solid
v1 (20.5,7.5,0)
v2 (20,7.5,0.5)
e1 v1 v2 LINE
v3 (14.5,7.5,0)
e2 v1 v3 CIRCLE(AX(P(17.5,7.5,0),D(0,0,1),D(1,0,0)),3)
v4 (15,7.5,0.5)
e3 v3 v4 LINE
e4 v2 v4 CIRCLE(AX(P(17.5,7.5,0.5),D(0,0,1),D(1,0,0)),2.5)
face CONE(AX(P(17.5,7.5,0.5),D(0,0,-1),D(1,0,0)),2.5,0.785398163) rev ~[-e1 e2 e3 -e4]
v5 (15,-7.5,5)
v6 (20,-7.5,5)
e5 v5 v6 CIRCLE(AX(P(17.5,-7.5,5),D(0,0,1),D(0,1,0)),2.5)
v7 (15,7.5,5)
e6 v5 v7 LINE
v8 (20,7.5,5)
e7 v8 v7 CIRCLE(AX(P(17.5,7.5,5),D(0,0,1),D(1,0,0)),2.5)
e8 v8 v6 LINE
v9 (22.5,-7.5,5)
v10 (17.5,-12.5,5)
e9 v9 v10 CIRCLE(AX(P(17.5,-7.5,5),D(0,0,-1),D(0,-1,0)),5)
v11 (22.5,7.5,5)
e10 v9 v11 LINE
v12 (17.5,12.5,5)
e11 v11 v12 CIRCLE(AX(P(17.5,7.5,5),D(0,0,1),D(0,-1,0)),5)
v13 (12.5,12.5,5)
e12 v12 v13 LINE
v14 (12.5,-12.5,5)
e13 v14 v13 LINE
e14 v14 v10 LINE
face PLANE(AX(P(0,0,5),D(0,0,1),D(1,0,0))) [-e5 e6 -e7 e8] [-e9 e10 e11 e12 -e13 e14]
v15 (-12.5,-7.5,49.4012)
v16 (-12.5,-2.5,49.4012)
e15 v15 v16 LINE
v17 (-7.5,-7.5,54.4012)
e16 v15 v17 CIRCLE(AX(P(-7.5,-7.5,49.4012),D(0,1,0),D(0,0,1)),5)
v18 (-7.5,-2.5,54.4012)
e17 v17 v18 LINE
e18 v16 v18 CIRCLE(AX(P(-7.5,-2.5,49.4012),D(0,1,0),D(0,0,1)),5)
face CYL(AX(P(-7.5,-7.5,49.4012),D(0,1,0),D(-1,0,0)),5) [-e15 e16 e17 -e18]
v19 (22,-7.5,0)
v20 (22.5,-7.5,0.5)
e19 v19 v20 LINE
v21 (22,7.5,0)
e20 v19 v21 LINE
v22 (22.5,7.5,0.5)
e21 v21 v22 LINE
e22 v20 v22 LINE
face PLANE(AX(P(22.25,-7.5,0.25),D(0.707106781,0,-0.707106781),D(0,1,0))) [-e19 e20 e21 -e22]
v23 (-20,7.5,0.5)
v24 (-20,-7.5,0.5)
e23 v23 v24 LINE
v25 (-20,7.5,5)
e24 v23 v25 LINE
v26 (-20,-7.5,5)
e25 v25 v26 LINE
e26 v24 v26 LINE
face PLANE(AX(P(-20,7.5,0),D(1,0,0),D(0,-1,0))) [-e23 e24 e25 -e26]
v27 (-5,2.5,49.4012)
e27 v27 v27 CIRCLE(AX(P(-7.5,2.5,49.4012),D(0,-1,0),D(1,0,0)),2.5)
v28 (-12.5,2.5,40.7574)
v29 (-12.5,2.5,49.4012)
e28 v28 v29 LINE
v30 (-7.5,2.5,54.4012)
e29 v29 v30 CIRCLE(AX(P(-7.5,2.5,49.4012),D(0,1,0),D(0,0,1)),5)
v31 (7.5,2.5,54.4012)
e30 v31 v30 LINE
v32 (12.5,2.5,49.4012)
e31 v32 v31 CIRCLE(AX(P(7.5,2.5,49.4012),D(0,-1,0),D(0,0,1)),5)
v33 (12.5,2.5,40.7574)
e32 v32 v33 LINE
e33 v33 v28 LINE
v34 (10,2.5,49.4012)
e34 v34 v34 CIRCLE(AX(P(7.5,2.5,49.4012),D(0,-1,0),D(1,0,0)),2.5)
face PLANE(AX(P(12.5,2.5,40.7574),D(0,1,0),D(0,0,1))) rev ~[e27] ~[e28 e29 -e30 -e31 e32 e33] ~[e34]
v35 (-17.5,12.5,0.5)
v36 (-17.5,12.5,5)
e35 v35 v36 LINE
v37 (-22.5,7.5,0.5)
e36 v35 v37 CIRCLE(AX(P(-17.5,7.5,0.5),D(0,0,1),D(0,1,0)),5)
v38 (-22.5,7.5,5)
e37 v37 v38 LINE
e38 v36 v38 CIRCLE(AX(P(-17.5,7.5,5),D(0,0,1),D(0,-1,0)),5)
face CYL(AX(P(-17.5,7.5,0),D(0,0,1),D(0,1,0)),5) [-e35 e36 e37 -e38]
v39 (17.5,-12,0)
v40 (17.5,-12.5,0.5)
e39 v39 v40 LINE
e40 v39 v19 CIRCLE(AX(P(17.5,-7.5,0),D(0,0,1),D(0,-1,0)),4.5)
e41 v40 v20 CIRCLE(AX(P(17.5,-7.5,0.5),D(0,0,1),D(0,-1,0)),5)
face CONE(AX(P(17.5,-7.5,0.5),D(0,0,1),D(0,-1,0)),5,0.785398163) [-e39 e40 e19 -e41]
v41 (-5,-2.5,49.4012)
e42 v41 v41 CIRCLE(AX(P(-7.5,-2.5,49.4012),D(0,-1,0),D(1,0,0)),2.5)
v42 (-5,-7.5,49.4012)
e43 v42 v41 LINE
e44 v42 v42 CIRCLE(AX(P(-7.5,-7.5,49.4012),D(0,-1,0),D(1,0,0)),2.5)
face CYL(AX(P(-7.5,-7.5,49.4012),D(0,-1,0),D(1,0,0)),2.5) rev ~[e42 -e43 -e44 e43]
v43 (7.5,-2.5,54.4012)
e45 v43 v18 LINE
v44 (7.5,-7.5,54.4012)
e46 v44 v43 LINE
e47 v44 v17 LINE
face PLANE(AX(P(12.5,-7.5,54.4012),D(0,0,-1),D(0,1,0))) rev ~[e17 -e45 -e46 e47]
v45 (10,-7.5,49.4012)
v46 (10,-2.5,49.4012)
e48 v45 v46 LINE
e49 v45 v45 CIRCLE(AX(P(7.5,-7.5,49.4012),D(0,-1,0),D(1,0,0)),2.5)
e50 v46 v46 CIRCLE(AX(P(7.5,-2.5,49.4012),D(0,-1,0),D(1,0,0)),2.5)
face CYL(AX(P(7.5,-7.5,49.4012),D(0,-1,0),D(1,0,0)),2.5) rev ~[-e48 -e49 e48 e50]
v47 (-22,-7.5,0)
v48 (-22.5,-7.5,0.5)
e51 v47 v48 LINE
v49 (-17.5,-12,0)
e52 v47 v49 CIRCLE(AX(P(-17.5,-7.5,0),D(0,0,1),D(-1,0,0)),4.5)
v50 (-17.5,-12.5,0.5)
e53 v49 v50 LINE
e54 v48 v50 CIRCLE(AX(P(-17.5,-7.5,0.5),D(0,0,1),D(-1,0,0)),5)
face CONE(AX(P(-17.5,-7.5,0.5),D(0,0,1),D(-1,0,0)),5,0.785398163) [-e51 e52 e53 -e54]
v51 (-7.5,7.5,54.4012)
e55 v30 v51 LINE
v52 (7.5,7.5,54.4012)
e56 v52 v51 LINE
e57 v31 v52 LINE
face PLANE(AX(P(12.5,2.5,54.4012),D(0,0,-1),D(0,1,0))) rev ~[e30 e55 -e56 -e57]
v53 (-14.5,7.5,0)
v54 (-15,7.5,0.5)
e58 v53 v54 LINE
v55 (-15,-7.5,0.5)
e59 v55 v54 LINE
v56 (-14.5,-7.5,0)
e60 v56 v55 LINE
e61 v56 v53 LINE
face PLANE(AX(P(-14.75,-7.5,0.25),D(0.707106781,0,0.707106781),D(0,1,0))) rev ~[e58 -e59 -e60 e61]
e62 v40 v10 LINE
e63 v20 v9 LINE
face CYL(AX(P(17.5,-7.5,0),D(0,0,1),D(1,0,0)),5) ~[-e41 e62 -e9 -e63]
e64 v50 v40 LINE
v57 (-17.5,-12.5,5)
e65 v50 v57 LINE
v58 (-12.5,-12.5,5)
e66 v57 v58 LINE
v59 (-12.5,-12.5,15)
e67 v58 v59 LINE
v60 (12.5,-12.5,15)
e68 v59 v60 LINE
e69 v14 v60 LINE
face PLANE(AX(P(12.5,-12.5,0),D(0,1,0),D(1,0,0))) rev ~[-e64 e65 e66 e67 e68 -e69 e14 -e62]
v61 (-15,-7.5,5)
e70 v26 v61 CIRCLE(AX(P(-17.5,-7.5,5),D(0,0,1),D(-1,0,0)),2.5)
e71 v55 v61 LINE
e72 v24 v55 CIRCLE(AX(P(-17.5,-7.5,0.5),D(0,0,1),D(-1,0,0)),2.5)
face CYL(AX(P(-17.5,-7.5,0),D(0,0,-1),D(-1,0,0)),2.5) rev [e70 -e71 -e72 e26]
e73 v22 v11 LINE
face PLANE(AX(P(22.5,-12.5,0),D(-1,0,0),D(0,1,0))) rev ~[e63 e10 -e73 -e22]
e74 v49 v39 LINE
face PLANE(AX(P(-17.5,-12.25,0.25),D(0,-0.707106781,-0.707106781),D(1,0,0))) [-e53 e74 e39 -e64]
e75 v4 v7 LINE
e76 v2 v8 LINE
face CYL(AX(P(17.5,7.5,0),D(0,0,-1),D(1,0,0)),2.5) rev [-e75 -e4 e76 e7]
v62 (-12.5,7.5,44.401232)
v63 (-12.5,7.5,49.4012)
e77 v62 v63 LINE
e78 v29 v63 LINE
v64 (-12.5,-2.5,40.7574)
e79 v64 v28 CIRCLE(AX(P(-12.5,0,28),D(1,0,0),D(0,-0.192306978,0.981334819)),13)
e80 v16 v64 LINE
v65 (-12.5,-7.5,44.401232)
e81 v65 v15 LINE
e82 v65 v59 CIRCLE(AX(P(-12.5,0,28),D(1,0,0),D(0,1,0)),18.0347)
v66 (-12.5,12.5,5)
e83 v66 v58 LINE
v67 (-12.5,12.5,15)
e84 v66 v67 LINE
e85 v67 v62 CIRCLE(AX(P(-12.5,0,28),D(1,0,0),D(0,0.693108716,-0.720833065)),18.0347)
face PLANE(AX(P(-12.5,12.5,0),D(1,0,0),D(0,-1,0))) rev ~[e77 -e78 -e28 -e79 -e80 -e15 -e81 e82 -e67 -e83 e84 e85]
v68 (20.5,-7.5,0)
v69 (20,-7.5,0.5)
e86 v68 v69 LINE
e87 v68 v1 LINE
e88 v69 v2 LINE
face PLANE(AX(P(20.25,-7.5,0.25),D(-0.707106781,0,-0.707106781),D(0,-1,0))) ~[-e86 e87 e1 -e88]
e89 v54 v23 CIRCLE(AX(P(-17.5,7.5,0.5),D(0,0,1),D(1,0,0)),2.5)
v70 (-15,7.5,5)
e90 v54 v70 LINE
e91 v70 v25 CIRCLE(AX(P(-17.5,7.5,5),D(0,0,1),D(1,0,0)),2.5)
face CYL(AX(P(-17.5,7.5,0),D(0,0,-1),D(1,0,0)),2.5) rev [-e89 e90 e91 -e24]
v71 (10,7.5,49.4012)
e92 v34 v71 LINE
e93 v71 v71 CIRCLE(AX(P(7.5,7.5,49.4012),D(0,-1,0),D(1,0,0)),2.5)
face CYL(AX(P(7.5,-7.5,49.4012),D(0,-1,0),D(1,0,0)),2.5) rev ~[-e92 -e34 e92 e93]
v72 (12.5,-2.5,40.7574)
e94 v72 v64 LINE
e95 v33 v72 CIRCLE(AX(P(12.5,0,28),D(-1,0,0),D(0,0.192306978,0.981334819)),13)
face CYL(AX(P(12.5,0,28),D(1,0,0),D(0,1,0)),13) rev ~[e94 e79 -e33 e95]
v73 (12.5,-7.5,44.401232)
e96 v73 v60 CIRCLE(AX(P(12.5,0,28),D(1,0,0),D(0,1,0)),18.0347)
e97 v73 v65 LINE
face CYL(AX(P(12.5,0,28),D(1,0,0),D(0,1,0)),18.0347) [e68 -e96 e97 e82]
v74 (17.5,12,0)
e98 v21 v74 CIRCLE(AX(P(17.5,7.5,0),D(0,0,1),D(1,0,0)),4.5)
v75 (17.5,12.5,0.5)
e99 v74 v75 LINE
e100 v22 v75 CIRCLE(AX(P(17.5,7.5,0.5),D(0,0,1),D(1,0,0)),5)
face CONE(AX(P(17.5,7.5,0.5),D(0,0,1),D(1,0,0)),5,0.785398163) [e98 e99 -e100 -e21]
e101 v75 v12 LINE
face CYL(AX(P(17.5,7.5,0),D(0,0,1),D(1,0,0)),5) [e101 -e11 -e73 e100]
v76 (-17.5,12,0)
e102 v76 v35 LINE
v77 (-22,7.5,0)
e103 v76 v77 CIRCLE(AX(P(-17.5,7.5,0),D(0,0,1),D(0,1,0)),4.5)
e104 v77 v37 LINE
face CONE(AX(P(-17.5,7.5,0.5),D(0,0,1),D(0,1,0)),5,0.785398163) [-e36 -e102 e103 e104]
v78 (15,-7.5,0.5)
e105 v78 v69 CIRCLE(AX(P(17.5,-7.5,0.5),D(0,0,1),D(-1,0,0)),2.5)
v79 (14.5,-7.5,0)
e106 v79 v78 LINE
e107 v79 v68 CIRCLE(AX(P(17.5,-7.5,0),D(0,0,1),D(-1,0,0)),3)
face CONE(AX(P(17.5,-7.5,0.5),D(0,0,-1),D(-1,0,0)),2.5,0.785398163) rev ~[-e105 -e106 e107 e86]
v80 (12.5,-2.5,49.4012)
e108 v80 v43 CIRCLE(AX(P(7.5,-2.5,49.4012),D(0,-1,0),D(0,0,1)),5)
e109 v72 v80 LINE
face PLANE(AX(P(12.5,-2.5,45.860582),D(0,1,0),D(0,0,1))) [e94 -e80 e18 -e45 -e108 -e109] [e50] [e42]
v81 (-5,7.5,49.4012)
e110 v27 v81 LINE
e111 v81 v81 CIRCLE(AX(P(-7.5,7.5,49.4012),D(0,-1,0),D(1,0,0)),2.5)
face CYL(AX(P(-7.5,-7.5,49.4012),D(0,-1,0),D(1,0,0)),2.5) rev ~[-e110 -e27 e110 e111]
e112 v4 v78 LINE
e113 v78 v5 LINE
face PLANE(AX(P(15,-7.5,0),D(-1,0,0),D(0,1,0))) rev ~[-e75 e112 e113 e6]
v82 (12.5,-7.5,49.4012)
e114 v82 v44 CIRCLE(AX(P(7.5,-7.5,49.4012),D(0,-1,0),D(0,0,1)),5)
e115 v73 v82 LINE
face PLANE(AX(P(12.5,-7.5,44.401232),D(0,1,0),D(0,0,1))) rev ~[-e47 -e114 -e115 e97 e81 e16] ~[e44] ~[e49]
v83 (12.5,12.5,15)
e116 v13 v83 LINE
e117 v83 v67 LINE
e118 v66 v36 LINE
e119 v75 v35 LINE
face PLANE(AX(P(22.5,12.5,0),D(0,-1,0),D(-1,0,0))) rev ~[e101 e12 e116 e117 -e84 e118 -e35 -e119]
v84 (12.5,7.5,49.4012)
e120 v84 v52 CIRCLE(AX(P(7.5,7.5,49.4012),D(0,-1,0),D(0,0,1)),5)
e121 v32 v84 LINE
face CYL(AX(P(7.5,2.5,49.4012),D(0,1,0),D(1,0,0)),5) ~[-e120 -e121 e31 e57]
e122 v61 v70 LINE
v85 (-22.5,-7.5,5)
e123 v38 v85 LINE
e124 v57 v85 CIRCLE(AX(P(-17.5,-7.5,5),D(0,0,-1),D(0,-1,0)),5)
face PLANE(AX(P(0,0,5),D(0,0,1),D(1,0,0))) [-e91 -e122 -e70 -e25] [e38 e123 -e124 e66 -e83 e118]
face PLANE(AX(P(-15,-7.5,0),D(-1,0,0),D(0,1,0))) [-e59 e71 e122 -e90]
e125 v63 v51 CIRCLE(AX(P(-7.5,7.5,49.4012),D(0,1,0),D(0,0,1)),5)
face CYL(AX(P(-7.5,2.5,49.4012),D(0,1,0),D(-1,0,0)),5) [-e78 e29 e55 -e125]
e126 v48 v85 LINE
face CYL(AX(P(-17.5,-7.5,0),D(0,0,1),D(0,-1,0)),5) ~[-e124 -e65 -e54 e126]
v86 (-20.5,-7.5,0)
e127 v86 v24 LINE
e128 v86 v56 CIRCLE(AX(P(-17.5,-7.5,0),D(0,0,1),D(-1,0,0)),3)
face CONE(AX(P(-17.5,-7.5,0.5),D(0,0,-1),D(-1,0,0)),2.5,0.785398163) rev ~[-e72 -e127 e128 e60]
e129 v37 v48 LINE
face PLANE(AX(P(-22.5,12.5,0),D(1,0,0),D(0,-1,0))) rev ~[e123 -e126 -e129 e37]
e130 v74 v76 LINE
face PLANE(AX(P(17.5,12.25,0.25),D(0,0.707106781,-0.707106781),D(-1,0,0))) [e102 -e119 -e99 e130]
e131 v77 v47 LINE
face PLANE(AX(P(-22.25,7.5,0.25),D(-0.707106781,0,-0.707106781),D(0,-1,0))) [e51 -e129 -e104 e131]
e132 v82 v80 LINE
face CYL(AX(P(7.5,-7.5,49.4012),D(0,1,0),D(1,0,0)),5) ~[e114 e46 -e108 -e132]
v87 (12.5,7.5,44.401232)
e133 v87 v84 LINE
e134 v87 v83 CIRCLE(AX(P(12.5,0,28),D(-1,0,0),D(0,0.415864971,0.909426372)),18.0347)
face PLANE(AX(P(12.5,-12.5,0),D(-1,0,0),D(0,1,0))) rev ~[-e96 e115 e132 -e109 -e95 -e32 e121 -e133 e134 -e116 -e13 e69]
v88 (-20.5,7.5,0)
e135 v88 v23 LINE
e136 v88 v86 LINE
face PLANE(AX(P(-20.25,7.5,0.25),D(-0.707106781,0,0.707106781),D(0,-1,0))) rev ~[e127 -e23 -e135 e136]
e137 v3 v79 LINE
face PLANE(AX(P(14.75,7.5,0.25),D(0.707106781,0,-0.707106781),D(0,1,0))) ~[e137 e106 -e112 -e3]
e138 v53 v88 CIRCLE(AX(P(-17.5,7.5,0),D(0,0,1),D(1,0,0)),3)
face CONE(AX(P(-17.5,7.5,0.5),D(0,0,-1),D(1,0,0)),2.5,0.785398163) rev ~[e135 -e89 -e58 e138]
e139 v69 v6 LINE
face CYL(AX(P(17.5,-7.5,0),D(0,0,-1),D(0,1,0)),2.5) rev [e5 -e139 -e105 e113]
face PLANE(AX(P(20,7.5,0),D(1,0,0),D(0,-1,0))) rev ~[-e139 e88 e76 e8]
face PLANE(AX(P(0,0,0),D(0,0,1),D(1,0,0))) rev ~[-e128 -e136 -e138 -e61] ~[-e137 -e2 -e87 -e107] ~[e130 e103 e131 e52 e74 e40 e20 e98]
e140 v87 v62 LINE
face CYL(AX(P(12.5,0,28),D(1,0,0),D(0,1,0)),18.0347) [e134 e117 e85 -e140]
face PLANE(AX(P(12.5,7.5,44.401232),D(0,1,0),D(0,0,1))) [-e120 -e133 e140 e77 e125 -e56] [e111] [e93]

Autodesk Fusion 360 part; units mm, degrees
sketch "Sketch1" plane through (0, 0, 0) normal (0, 0, 1) x (1, 0, 0)
  line L0 (22.5, 12.5) -> (-22.5, 12.5)
  line L1 (-22.5, 12.5) -> (-22.5, -12.5)
  line L2 (-22.5, -12.5) -> (22.5, -12.5)
  line L3 (22.5, -12.5) -> (22.5, 12.5)
  line L4 (22.5, 12.5) -> (-22.5, -12.5) construction
  line L5 (-22.5, 12.5) -> (22.5, -12.5) construction
  line L6 (-17.5, 12.5) -> (-17.5, -12.5) construction
  line L7 (0, -12.5) -> (0, 12.5) construction
  line L8 (-22.5, 0) -> (22.5, 0) construction
  line L9 (-20, 7.5) -> (-20, -7.5)
  line L10 (-15, -7.5) -> (-15, 7.5)
  arc A0 (-15, 7.5) -> (-20, 7.5) centre (-17.5, 7.5) ccw
  arc A1 (-20, -7.5) -> (-17.5, -5) centre (-17.5, -7.5) ccw
  line L11 (12.5, 12.5) -> (-12.5, 12.5)
  line L12 (-12.5, 12.5) -> (-12.5, -12.5)
  line L13 (-12.5, -12.5) -> (12.5, -12.5)
  line L14 (12.5, -12.5) -> (12.5, 12.5)
  line L15 (12.5, 12.5) -> (-12.5, -12.5) construction
  line L16 (-12.5, 12.5) -> (12.5, -12.5) construction
  arc A2 (20, 7.5) -> (15, 7.5) centre (17.5, 7.5) ccw
  line L17 (15, -7.5) -> (15, 7.5)
  line L18 (20, 7.5) -> (20, -7.5)
  arc A3 (17.5, -5) -> (20, -7.5) centre (17.5, -7.5) ccw
  dimension "d1" = 45
  dimension "d2" = 25
  dimension "d3" = 5
  dimension "d4" = 5
  dimension "d5" = 5
  dimension "d6" = 15
  dimension "d7" = 25
  dimension "d8" = 25
extrude "Extrude1" add sketch "Sketch1" along normal blind 5 contours L0 L2 L3 L14 | L0 L1 L2 L12 makes body 1 at (13.3333, -2.5, 0) makes body 2 at (-13.3333, -2.5, 0)
extrude "Extrude2" add sketch "Sketch1" along normal blind 15 contours L0 L2 L11 L12 L13 L14 bodies 1 2
sketch "Sketch2" plane through (12.5, 0, 0) normal (1, 0, 0) x (0, 1, 0)
  line L0 (-12.5, 5) -> (12.5, 5)
  line L1 (12.5, 5) -> (12.5, 15)
  line L2 (12.5, 15) -> (-12.5, 15)
  line L3 (-12.5, 15) -> (-12.5, 5)
  line L4 (-12.5, 15) -> (12.5, 15)
  circle A0 centre (0, 28) radius 13
  circle A1 centre (0, 28) radius 18.0347
  line L5 (0, 28) -> (0, 59) construction
  line L6 (-2.5, 40.7574) -> (-2.5, 54.4012)
  line L7 (2.5, 40.7574) -> (2.5, 54.4012)
  line L8 (-7.5, 38.6184) -> (-7.5, 54.4012)
  line L9 (7.5, 38.6184) -> (7.5, 54.4012)
  line L10 (-7.5, 54.4012) -> (-2.5, 54.4012)
  line L11 (2.5, 54.4012) -> (7.5, 54.4012)
  point P0 (0, 15)
  point P1 (7.5, 44.4012)
  dimension "d13" = 26
  dimension "d14" = 36.0694
  dimension "d15" = 5
  dimension "d17" = 5
  dimension "d18" = 5
  dimension "d20" = 10
extrude "Extrude3" add sketch "Sketch2" against normal blind 25 contours L2 L4 A0 A1 L8 | L2 L4 A0 A1 L9 | A1 L6 L8 L10 | A0 A1 L6 L8 | A0 A1 L7 L9 | A1 L7 L9 L11 bodies 1
sketch "Sketch3" plane through (0, -7.5, 0) normal (0, -1, 0) x (1, 0, 0)
  line L0 (12.5, 44.4012) -> (12.5, 54.4012)
  line L1 (12.5, 54.4012) -> (-12.5, 54.4012)
  line L2 (-12.5, 54.4012) -> (-12.5, 44.4012)
  line L3 (-12.5, 44.4012) -> (12.5, 44.4012)
  line L4 (0, 54.4012) -> (0, 44.4012) construction
  line L5 (-12.5, 49.4012) -> (12.5, 49.4012) construction
  circle A0 centre (-7.5, 49.4012) radius 2.5
  circle A1 centre (7.5, 49.4012) radius 2.5
  dimension "d23" = 5
  dimension "d24" = 5
  dimension "d25" = 15
extrude "Extrude4" cut sketch "Sketch3" against normal through all contours A0 | A1 bodies 1
fillet "Fillet1" radius 5 4 edges at (-22.5, 12.5, 2.5) (-22.5, -12.5, 2.5) (22.5, 12.5, 2.5) (22.5, -12.5, 2.5) on bodies 1
fillet "Fillet2" radius 5 4 edges at (12.5, -5, 54.4012) (12.5, 5, 54.4012) (-12.5, -5, 54.4012) (-12.5, 5, 54.4012) on bodies 1
chamfer "Chamfer1" distance 0.5 angle 45 1 faces at (-5, -2.5, 0) on bodies 1
